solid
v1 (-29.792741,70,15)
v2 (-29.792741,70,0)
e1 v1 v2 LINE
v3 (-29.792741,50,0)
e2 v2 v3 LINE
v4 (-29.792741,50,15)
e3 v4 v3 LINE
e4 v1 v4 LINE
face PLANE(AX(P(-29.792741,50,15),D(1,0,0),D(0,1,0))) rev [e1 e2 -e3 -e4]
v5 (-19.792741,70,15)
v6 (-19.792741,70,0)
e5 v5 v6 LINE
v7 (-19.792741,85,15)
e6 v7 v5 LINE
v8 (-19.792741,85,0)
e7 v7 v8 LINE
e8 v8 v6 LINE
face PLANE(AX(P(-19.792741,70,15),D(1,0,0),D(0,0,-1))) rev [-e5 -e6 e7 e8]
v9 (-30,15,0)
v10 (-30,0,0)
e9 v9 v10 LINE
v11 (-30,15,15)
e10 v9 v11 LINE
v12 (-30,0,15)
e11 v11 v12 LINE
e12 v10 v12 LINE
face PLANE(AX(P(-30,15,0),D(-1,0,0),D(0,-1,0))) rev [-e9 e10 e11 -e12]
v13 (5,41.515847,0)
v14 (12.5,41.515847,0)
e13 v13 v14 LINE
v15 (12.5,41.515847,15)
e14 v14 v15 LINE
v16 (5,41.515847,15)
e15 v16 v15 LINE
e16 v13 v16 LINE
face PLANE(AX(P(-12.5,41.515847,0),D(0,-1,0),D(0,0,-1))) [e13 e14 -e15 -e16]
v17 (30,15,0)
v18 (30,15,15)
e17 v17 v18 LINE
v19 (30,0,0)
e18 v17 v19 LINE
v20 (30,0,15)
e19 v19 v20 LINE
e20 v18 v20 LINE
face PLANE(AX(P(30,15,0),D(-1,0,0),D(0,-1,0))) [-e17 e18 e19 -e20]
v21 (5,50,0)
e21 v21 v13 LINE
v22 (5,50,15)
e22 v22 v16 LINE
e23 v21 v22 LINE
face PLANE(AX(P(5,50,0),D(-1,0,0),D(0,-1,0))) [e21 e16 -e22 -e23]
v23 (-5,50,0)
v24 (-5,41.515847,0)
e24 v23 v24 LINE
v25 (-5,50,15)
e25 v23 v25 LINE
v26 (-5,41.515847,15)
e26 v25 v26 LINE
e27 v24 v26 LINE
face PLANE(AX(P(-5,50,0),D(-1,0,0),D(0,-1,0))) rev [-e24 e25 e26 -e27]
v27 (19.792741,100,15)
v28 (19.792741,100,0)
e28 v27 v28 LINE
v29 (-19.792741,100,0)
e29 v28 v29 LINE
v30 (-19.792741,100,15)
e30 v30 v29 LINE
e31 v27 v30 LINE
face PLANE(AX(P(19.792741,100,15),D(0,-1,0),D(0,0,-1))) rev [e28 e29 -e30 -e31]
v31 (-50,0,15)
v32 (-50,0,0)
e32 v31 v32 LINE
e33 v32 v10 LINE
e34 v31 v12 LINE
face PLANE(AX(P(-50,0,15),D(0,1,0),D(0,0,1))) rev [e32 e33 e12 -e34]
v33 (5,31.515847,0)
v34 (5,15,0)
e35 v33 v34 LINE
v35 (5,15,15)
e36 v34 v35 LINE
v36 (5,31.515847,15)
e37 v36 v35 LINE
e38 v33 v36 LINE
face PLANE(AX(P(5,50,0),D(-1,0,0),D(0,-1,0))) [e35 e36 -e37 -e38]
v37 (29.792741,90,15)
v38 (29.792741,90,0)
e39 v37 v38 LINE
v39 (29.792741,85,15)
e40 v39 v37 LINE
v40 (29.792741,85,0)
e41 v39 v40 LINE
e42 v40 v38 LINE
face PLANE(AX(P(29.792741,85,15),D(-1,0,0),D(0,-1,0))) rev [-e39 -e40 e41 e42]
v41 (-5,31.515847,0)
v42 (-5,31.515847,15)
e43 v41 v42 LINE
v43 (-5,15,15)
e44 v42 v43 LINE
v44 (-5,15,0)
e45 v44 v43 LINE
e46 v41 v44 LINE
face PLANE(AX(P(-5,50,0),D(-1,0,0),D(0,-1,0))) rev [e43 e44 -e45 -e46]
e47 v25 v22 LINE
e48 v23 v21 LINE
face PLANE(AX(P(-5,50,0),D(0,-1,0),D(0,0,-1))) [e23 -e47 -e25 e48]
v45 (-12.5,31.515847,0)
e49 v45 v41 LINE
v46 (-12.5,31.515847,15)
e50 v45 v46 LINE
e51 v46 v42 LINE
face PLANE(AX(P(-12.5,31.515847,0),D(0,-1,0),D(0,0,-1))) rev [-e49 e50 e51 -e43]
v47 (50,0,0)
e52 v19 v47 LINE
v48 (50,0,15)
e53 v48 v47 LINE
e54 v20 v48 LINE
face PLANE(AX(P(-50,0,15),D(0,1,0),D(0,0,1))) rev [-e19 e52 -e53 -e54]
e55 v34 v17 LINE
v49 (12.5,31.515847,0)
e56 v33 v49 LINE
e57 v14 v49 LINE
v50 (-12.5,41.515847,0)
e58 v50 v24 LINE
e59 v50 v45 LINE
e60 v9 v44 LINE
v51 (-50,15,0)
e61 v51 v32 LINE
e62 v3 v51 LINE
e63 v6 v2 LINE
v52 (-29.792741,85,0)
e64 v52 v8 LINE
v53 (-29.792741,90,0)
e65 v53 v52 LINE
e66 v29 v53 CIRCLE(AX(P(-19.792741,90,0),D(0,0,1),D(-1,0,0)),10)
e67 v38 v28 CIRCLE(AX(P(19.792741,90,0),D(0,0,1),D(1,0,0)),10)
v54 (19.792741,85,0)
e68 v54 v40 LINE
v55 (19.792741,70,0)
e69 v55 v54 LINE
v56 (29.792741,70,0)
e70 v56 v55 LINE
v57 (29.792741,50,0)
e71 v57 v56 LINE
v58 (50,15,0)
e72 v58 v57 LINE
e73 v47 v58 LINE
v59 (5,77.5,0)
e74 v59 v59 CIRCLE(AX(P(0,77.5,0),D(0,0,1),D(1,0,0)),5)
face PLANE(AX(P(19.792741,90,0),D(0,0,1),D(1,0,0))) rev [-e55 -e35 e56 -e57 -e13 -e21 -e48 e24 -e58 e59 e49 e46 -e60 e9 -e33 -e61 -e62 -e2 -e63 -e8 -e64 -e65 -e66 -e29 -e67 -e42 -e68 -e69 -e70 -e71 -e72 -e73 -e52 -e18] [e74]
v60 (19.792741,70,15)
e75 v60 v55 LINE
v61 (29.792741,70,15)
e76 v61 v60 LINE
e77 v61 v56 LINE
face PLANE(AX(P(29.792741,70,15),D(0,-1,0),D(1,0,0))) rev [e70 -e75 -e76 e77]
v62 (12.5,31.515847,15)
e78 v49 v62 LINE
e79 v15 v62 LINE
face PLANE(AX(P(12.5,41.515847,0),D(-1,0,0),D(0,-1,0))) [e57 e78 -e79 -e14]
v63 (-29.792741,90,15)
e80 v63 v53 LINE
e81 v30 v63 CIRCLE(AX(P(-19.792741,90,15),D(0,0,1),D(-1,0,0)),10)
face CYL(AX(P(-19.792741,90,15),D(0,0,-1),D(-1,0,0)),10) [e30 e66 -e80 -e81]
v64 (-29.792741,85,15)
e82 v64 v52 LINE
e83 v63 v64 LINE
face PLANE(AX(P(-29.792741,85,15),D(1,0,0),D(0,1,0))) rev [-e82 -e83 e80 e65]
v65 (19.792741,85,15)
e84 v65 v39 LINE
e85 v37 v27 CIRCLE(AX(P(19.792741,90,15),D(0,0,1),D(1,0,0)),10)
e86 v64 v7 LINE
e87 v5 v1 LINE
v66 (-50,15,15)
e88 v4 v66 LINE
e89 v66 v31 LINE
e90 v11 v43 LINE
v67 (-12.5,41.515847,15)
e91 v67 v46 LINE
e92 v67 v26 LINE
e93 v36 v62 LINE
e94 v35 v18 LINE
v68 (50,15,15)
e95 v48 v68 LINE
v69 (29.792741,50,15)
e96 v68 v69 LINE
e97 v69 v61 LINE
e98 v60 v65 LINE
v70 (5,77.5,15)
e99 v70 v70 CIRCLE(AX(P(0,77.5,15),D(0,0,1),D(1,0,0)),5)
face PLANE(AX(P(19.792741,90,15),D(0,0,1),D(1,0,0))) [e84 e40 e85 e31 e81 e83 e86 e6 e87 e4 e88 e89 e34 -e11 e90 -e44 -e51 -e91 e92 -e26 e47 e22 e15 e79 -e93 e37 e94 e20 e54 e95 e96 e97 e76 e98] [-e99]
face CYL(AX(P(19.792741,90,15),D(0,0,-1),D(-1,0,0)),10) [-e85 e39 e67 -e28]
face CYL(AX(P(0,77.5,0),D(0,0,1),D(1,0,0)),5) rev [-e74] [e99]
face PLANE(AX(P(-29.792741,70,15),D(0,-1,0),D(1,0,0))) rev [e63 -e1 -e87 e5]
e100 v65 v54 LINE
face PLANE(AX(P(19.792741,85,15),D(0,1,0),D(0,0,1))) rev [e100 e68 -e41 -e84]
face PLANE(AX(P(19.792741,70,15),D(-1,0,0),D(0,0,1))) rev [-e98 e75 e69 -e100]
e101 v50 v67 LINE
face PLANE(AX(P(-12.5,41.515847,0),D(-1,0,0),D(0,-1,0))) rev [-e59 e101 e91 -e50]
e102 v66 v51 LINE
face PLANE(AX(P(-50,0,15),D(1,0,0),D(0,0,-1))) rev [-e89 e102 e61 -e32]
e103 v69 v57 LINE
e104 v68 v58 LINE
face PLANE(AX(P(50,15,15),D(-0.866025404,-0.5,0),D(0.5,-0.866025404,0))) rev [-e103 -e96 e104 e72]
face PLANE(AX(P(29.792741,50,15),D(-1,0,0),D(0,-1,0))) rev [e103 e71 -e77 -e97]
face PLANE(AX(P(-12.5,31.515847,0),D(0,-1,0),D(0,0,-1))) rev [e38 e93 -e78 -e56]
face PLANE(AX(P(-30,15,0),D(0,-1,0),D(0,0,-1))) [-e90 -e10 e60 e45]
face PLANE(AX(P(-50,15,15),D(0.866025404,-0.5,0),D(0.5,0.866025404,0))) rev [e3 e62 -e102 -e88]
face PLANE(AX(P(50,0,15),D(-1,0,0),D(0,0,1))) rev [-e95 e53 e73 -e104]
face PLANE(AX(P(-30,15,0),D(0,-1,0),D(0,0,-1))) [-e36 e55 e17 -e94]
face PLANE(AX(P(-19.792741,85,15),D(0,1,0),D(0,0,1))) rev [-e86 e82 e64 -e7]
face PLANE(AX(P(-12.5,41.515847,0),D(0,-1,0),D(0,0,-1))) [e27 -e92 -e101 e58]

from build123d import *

# Parameters (mm, degrees)
BOSS_EXTRU_1_DEPTH      = 15
ESQUISSE3_R             = 5
ESQUISSE3_W             = 60
ESQUISSE3_H             = 15
ESQUISSE3_W_2           = 10
ESQUISSE3_H_2           = 50
ESQUISSE3_W_3           = 25
ESQUISSE3_H_3           = 10
ENL_V_MAT_EXTRU_1_DEPTH = 15


with BuildPart() as part:
    # Esquisse2 → Boss.-Extru.1 (new body)
    with BuildSketch(Plane.XY):
        with BuildLine():
            Line((-50, 0), (50, 0))
            Line((50, 0), (50, 15))
            Line((50, 15), (29.792740578, 50))
            Line((29.792740578, 50), (29.792740578, 70))
            Line((29.792740578, 70), (19.792740578, 70))
            Line((19.792740578, 70), (19.792740578, 85))
            Line((19.792740578, 85), (29.792740578, 85))
            Line((29.792740578, 85), (29.792740578, 90))
            ThreePointArc((29.792740578, 90), (26.86380839, 97.071067812), (19.792740578, 100))
            Line((19.792740578, 100), (-19.792740578, 100))
            ThreePointArc((-19.792740578, 100), (-26.86380839, 97.071067812), (-29.792740578, 90))
            Line((-29.792740578, 90), (-29.792740578, 85))
            Line((-29.792740578, 85), (-19.792740578, 85))
            Line((-19.792740578, 85), (-19.792740578, 70))
            Line((-19.792740578, 70), (-29.792740578, 70))
            Line((-29.792740578, 70), (-29.792740578, 50))
            Line((-29.792740578, 50), (-50, 15))
            Line((-50, 15), (-50, 0))
        make_face()
    extrude(amount=BOSS_EXTRU_1_DEPTH)

    # Esquisse3 → Enlèv. mat.-Extru.1 (cut)
    with BuildSketch(Plane.XY.offset(15)):
        with Locations((0, 77.5)):
            Circle(ESQUISSE3_R)
        with Locations((0, 7.5)):
            Rectangle(ESQUISSE3_W, ESQUISSE3_H)
        with Locations((0, 25)):
            Rectangle(ESQUISSE3_W_2, ESQUISSE3_H_2)
        with Locations((0, 36.515847226)):
            Rectangle(ESQUISSE3_W_3, ESQUISSE3_H_3)
    extrude(amount=-ENL_V_MAT_EXTRU_1_DEPTH, mode=Mode.SUBTRACT)


solid = part.part
